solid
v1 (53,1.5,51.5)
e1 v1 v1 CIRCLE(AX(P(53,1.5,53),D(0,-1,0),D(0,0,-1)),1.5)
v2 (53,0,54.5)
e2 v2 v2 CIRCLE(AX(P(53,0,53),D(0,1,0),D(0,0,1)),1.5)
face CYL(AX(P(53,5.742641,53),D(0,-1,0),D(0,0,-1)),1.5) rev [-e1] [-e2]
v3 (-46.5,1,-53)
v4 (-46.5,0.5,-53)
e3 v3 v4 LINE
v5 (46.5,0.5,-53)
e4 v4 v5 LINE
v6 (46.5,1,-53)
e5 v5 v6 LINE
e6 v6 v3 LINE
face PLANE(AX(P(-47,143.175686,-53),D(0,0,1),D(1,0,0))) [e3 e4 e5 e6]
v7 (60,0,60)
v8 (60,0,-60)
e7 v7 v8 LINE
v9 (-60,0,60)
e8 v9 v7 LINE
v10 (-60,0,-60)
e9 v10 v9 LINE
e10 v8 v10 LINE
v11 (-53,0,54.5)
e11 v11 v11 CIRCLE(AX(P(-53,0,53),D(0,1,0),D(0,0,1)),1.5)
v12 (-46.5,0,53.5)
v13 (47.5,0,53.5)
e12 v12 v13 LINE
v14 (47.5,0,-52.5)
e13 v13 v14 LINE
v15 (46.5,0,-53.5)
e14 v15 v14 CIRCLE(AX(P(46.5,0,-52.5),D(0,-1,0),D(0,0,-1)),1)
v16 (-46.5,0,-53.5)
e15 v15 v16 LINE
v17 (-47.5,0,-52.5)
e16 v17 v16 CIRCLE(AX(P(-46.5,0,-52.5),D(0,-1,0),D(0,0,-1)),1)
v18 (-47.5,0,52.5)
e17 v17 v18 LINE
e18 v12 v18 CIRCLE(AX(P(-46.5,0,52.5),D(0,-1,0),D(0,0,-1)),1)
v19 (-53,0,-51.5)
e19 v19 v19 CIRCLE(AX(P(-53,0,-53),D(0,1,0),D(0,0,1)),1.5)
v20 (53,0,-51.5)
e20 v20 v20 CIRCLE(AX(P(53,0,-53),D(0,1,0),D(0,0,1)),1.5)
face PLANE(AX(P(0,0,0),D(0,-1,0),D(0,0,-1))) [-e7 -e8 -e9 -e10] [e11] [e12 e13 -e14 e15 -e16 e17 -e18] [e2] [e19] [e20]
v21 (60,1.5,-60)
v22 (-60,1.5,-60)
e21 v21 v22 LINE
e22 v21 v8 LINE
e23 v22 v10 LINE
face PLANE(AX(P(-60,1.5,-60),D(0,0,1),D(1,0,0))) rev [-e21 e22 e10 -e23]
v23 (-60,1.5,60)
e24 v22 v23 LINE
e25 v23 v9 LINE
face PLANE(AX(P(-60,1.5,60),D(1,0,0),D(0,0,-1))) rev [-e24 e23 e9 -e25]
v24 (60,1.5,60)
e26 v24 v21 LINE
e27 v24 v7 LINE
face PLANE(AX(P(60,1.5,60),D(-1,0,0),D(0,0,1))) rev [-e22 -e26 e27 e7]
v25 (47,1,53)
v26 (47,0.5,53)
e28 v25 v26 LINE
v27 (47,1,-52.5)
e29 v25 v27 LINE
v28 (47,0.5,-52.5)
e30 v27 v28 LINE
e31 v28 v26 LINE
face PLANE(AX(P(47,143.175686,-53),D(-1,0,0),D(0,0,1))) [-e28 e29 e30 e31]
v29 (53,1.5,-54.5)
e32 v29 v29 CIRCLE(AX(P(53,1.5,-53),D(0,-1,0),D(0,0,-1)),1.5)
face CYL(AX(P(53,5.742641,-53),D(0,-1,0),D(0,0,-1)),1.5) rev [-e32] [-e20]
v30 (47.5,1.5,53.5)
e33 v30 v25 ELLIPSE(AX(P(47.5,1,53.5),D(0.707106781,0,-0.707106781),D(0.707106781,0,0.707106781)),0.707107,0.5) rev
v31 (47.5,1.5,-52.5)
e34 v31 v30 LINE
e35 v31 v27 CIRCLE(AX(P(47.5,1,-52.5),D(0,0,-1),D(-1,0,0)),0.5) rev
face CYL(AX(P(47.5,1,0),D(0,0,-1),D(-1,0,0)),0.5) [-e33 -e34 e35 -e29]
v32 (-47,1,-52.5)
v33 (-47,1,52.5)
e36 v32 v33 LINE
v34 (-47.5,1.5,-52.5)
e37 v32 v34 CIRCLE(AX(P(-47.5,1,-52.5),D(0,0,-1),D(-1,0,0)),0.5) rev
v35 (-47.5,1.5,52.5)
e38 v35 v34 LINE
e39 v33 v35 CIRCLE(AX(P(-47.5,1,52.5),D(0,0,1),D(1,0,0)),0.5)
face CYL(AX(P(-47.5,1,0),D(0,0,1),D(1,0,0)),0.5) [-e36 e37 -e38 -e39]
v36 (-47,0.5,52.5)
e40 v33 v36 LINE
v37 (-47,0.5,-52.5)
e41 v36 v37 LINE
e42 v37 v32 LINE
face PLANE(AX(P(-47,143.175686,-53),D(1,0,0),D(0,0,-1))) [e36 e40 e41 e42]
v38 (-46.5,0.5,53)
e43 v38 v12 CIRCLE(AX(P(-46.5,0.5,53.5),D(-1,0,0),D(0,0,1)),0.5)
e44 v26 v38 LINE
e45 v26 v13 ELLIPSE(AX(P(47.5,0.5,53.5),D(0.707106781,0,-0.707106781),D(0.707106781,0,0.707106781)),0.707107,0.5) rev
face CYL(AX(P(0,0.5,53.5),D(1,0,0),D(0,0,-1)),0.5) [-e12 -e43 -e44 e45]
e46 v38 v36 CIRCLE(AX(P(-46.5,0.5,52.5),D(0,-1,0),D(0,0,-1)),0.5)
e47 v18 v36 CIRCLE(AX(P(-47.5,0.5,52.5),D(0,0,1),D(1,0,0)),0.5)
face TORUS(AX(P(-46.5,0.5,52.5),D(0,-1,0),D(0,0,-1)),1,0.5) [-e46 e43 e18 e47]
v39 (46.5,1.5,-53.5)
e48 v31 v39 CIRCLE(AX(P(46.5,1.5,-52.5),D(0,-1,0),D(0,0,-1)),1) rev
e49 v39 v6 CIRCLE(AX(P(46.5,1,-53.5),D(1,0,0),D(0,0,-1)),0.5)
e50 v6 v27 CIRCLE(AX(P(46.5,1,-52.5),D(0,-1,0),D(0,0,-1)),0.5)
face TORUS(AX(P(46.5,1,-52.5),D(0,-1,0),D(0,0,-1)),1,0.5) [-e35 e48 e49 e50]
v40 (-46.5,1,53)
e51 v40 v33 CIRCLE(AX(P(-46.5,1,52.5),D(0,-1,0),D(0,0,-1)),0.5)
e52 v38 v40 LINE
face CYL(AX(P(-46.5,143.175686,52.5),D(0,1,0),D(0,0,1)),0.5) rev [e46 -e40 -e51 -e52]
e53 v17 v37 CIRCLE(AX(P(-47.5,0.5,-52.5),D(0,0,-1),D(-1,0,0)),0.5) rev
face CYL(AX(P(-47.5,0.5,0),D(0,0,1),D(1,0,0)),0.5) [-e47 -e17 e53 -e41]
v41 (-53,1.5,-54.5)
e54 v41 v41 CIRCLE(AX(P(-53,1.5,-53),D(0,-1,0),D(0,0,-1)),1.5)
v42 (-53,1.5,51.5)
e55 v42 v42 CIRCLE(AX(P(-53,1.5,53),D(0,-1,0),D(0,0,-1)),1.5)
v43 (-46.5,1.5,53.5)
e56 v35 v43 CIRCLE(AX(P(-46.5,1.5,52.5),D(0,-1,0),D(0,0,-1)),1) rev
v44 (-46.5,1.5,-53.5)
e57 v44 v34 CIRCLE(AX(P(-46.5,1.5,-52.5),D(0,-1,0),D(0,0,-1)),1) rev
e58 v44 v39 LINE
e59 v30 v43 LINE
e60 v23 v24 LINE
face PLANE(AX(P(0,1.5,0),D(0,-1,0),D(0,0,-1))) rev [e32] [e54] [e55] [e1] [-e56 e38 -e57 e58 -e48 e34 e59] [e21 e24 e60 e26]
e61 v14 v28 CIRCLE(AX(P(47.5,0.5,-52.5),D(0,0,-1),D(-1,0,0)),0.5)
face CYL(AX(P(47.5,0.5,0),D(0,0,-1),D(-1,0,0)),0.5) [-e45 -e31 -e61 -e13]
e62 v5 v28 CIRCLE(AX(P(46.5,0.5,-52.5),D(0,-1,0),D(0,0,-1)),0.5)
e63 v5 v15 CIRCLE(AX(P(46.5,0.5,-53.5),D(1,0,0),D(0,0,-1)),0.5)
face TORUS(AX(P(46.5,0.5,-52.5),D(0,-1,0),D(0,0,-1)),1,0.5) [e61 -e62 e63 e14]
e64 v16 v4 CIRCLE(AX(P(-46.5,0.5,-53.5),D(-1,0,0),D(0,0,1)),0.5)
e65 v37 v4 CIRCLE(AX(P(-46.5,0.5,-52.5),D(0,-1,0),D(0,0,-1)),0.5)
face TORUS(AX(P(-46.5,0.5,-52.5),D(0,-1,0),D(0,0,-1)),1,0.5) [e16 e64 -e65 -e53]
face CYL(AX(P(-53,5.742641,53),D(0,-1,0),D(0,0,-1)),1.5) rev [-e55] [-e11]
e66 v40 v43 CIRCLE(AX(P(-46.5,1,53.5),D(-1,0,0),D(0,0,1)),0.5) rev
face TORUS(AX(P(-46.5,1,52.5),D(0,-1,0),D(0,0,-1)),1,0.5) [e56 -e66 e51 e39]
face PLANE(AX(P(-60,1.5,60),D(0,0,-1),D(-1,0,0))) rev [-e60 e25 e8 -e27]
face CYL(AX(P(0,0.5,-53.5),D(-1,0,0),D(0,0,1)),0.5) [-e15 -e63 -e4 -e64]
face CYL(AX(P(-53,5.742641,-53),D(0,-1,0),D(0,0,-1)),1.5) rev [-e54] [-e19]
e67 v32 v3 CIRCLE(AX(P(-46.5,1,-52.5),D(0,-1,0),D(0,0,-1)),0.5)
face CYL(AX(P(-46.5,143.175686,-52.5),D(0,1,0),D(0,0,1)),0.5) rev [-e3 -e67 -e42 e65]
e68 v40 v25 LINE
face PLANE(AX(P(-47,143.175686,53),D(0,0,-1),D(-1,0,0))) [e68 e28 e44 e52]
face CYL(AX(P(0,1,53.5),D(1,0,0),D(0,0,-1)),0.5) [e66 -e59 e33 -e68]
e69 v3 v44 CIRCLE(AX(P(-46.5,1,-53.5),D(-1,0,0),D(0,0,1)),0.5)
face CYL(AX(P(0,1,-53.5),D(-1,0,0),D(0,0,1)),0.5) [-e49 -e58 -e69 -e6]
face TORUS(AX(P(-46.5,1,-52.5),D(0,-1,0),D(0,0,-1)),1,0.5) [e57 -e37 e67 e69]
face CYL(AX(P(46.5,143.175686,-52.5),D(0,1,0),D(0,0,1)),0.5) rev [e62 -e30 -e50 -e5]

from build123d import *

# Parameters (mm, degrees)
SKETCH1_W           = 120
SKETCH1_H           = 120
BOSS_EXTRUDE1_DEPTH = 1.5
SKETCH4_R           = 2.5
CUT_EXTRUDE2_DEPTH  = 1.5
SKETCH7_R           = 1.5
CUT_EXTRUDE3_DEPTH  = 1.5
SKETCH8_W           = 94
SKETCH8_H           = 106
CUT_EXTRUDE4_DEPTH  = 1.5
FILLET1_R           = 0.5


with BuildPart() as part:
    # Sketch1 → Boss-Extrude1 (new body)
    with BuildSketch(Plane(origin=(0, 0, 0), x_dir=(1, 0, 0), z_dir=(0, 1, 0))):
        Rectangle(SKETCH1_W, SKETCH1_H)
    extrude(amount=BOSS_EXTRUDE1_DEPTH)

    # Sketch4 → Cut-Extrude2 (cut)
    with BuildSketch(Plane(origin=(0, 0, 0), x_dir=(1, 0, 0), z_dir=(0, 1, 0))):
        with Locations((-22.5, 0)):
            Circle(SKETCH4_R)
        with Locations((22.5, 0)):
            Circle(SKETCH4_R)
    extrude(amount=CUT_EXTRUDE2_DEPTH, mode=Mode.SUBTRACT)

    # Sketch7 → Cut-Extrude3 (cut)
    with BuildSketch(Plane(origin=(0, 0, 0), x_dir=(1, 0, 0), z_dir=(0, 1, 0))):
        with Locations((-53, 53)):
            Circle(SKETCH7_R)
        with Locations((53, 53)):
            Circle(SKETCH7_R)
        with Locations((-53, -53)):
            Circle(SKETCH7_R)
        with Locations((53, -53)):
            Circle(SKETCH7_R)
    extrude(amount=CUT_EXTRUDE3_DEPTH, mode=Mode.SUBTRACT)

    # Sketch8 → Cut-Extrude4 (cut)
    with BuildSketch(Plane(origin=(0, 0, 0), x_dir=(1, 0, 0), z_dir=(0, 1, 0))):
        Rectangle(SKETCH8_W, SKETCH8_H)
    extrude(amount=CUT_EXTRUDE4_DEPTH, mode=Mode.SUBTRACT)

    # Fillet1
    fillet1_edges = [part.edges().sort_by_distance(p)[0] for p in [
        (0, 1.5, -53),
        (47, 0.75, -53),
        (0, 0, -53),
        (47, 1.5, 0),
        (47, 0, 0),
        (0, 1.5, 53),
        (-47, 0.75, 53),
        (0, 0, 53),
        (-47, 1.5, 0),
        (-47, 0.75, -53),
        (-47, 0, 0),
    ]]
    fillet(fillet1_edges, radius=FILLET1_R)


solid = part.part
